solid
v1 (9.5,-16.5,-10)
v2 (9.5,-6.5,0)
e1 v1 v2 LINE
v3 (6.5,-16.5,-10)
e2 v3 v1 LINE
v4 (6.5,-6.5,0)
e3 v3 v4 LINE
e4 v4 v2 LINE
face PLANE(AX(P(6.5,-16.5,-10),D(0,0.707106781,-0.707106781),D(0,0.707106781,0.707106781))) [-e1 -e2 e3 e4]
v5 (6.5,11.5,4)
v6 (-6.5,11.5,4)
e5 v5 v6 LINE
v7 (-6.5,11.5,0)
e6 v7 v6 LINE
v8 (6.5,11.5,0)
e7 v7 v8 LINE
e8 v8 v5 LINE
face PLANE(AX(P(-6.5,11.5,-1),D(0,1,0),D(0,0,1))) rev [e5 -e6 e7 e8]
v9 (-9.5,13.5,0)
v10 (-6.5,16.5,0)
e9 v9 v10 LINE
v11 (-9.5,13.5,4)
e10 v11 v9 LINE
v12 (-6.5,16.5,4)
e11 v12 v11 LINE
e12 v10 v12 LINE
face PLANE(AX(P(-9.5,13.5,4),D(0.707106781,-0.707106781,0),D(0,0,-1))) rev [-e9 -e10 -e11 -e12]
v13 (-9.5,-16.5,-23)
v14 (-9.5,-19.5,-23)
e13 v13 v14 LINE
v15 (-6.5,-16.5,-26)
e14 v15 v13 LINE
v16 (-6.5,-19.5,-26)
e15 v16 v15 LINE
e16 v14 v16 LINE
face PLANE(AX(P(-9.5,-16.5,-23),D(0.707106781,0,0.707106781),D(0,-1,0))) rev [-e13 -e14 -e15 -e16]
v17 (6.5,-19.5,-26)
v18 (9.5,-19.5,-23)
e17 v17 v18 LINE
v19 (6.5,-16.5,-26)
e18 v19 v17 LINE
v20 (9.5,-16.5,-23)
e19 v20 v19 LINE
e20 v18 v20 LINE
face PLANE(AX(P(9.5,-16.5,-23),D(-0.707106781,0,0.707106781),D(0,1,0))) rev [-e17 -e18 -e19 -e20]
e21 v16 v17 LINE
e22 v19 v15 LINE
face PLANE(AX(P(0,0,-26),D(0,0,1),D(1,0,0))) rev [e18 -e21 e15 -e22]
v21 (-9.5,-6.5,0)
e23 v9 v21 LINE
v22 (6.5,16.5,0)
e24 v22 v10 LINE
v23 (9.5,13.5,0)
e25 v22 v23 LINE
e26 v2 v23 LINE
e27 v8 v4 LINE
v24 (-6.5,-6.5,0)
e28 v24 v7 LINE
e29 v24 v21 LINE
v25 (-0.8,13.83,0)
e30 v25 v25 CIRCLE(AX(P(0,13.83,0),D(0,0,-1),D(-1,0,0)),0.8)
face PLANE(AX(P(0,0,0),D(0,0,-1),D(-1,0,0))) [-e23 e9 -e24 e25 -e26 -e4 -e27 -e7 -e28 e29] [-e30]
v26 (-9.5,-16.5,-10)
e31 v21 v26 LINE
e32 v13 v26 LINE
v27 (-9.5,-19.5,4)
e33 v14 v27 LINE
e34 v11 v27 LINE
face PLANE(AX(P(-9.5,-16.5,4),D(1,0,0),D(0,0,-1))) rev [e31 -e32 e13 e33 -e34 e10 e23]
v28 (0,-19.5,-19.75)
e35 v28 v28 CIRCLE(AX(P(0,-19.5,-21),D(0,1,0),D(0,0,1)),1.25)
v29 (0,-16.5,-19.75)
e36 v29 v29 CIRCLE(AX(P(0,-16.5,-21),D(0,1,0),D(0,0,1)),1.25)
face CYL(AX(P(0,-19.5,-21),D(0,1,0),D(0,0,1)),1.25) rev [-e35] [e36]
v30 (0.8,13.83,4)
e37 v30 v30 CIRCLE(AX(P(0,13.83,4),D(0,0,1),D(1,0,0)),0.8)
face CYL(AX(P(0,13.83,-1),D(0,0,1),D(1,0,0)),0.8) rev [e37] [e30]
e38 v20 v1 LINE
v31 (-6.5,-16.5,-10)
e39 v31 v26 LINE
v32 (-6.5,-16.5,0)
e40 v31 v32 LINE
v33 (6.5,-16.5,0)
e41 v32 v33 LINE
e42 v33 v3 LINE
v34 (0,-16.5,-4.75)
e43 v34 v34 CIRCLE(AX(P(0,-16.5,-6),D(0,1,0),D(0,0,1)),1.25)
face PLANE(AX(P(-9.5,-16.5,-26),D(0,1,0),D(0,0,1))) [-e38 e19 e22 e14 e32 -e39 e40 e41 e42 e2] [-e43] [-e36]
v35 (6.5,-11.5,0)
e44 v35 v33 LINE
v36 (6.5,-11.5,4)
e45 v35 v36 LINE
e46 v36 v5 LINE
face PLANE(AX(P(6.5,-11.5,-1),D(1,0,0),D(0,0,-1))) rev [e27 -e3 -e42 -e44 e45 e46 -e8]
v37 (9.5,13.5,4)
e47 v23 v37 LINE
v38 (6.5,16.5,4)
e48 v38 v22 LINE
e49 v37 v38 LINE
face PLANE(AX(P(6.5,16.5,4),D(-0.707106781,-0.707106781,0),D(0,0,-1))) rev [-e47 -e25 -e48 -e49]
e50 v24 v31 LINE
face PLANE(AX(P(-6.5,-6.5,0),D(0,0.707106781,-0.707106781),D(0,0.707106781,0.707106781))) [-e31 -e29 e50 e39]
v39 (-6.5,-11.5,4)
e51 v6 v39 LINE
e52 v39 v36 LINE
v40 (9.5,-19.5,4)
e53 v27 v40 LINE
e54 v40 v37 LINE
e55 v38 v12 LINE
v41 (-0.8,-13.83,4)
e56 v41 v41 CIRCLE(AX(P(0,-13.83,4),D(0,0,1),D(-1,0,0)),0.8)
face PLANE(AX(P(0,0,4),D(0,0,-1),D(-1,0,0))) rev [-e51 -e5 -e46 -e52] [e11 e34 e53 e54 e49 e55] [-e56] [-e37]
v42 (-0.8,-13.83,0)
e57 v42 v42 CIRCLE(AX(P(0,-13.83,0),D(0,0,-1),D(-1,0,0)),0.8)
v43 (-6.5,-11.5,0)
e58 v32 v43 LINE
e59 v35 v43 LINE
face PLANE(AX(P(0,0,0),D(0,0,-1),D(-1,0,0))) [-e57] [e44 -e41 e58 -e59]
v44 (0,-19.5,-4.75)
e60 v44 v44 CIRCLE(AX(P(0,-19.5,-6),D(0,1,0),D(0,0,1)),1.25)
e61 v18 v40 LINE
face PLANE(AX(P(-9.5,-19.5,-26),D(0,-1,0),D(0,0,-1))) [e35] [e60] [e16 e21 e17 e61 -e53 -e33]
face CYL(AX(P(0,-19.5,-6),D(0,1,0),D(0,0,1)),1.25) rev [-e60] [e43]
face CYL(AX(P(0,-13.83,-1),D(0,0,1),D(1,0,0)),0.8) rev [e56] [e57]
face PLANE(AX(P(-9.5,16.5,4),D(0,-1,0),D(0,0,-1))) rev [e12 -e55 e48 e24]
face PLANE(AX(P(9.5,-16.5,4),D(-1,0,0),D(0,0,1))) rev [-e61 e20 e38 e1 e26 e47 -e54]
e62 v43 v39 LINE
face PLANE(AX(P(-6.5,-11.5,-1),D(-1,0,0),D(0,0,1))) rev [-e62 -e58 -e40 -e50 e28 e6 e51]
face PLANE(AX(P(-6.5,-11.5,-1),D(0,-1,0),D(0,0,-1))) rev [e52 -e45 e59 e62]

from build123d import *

# Parameters (mm, degrees)
CROQUIS1_W              = 19
CROQUIS1_H              = 33
SALIENTE_EXTRUIR1_DEPTH = 4
CROQUIS2_R              = 0.8
CROQUIS2_W              = 13
CROQUIS2_H              = 23
CORTAR_EXTRUIR1_DEPTH   = 5
CHAFL_N1_SIZE           = 3
CROQUIS3_W              = 19
CROQUIS3_H              = 3
SALIENTE_EXTRUIR2_DEPTH = 30
SALIENTE_EXTRUIR3_DEPTH = 3
SALIENTE_EXTRUIR4_DEPTH = 3
CHAFL_N2_SIZE           = 3
CROQUIS9_R              = 1.25
CORTAR_EXTRUIR2_DEPTH   = 3


with BuildPart() as part:
    # Croquis1 → Saliente-Extruir1 (new body)
    with BuildSketch(Plane.XY):
        Rectangle(CROQUIS1_W, CROQUIS1_H)
    extrude(amount=SALIENTE_EXTRUIR1_DEPTH)

    # Croquis2 → Cortar-Extruir1 (cut)
    with BuildSketch(Plane.XY.offset(4)):
        with Locations((0, 13.83)):
            Circle(CROQUIS2_R)
        with Locations((0, -13.83)):
            Circle(CROQUIS2_R)
        Rectangle(CROQUIS2_W, CROQUIS2_H)
    extrude(amount=-CORTAR_EXTRUIR1_DEPTH, mode=Mode.SUBTRACT)

    # Chaflán1
    chafl_n1_edges = [part.edges().sort_by_distance(p)[0] for p in [
        (-9.5, 16.5, 2),
        (9.5, 16.5, 2),
    ]]
    chamfer(chafl_n1_edges, length=CHAFL_N1_SIZE)

    # Croquis3 → Saliente-Extruir2 (add)
    with BuildSketch(Plane.XY.offset(4)):
        with Locations((0, -18)):
            Rectangle(CROQUIS3_W, CROQUIS3_H)
    extrude(amount=-SALIENTE_EXTRUIR2_DEPTH)

    # Croquis7 → Saliente-Extruir3 (add)
    with BuildSketch(Plane(origin=(9.5, 0, 0), x_dir=(0, 0, -1), z_dir=(1, 0, 0))):
        Polygon((0, -6.5), (0, -16.5), (10, -16.5), align=None)
    extrude(amount=-SALIENTE_EXTRUIR3_DEPTH)

    # Croquis8 → Saliente-Extruir4 (add)
    with BuildSketch(Plane.ZY.offset(9.5)):
        Polygon((0, -16.5), (-10, -16.5), (0, -6.5), align=None)
    extrude(amount=-SALIENTE_EXTRUIR4_DEPTH)

    # Chaflán2
    chafl_n2_edges = [part.edges().sort_by_distance(p)[0] for p in [
        (-9.5, -18, -26),
        (9.5, -18, -26),
    ]]
    chamfer(chafl_n2_edges, length=CHAFL_N2_SIZE)

    # Croquis9 → Cortar-Extruir2 (cut)
    with BuildSketch(Plane(origin=(0, -16.5, 0), x_dir=(1, 0, 0), z_dir=(0, 1, 0))):
        with Locations((0, 6)):
            Circle(CROQUIS9_R)
        with Locations((0, 21)):
            Circle(CROQUIS9_R)
    extrude(amount=-CORTAR_EXTRUIR2_DEPTH, mode=Mode.SUBTRACT)


solid = part.part
